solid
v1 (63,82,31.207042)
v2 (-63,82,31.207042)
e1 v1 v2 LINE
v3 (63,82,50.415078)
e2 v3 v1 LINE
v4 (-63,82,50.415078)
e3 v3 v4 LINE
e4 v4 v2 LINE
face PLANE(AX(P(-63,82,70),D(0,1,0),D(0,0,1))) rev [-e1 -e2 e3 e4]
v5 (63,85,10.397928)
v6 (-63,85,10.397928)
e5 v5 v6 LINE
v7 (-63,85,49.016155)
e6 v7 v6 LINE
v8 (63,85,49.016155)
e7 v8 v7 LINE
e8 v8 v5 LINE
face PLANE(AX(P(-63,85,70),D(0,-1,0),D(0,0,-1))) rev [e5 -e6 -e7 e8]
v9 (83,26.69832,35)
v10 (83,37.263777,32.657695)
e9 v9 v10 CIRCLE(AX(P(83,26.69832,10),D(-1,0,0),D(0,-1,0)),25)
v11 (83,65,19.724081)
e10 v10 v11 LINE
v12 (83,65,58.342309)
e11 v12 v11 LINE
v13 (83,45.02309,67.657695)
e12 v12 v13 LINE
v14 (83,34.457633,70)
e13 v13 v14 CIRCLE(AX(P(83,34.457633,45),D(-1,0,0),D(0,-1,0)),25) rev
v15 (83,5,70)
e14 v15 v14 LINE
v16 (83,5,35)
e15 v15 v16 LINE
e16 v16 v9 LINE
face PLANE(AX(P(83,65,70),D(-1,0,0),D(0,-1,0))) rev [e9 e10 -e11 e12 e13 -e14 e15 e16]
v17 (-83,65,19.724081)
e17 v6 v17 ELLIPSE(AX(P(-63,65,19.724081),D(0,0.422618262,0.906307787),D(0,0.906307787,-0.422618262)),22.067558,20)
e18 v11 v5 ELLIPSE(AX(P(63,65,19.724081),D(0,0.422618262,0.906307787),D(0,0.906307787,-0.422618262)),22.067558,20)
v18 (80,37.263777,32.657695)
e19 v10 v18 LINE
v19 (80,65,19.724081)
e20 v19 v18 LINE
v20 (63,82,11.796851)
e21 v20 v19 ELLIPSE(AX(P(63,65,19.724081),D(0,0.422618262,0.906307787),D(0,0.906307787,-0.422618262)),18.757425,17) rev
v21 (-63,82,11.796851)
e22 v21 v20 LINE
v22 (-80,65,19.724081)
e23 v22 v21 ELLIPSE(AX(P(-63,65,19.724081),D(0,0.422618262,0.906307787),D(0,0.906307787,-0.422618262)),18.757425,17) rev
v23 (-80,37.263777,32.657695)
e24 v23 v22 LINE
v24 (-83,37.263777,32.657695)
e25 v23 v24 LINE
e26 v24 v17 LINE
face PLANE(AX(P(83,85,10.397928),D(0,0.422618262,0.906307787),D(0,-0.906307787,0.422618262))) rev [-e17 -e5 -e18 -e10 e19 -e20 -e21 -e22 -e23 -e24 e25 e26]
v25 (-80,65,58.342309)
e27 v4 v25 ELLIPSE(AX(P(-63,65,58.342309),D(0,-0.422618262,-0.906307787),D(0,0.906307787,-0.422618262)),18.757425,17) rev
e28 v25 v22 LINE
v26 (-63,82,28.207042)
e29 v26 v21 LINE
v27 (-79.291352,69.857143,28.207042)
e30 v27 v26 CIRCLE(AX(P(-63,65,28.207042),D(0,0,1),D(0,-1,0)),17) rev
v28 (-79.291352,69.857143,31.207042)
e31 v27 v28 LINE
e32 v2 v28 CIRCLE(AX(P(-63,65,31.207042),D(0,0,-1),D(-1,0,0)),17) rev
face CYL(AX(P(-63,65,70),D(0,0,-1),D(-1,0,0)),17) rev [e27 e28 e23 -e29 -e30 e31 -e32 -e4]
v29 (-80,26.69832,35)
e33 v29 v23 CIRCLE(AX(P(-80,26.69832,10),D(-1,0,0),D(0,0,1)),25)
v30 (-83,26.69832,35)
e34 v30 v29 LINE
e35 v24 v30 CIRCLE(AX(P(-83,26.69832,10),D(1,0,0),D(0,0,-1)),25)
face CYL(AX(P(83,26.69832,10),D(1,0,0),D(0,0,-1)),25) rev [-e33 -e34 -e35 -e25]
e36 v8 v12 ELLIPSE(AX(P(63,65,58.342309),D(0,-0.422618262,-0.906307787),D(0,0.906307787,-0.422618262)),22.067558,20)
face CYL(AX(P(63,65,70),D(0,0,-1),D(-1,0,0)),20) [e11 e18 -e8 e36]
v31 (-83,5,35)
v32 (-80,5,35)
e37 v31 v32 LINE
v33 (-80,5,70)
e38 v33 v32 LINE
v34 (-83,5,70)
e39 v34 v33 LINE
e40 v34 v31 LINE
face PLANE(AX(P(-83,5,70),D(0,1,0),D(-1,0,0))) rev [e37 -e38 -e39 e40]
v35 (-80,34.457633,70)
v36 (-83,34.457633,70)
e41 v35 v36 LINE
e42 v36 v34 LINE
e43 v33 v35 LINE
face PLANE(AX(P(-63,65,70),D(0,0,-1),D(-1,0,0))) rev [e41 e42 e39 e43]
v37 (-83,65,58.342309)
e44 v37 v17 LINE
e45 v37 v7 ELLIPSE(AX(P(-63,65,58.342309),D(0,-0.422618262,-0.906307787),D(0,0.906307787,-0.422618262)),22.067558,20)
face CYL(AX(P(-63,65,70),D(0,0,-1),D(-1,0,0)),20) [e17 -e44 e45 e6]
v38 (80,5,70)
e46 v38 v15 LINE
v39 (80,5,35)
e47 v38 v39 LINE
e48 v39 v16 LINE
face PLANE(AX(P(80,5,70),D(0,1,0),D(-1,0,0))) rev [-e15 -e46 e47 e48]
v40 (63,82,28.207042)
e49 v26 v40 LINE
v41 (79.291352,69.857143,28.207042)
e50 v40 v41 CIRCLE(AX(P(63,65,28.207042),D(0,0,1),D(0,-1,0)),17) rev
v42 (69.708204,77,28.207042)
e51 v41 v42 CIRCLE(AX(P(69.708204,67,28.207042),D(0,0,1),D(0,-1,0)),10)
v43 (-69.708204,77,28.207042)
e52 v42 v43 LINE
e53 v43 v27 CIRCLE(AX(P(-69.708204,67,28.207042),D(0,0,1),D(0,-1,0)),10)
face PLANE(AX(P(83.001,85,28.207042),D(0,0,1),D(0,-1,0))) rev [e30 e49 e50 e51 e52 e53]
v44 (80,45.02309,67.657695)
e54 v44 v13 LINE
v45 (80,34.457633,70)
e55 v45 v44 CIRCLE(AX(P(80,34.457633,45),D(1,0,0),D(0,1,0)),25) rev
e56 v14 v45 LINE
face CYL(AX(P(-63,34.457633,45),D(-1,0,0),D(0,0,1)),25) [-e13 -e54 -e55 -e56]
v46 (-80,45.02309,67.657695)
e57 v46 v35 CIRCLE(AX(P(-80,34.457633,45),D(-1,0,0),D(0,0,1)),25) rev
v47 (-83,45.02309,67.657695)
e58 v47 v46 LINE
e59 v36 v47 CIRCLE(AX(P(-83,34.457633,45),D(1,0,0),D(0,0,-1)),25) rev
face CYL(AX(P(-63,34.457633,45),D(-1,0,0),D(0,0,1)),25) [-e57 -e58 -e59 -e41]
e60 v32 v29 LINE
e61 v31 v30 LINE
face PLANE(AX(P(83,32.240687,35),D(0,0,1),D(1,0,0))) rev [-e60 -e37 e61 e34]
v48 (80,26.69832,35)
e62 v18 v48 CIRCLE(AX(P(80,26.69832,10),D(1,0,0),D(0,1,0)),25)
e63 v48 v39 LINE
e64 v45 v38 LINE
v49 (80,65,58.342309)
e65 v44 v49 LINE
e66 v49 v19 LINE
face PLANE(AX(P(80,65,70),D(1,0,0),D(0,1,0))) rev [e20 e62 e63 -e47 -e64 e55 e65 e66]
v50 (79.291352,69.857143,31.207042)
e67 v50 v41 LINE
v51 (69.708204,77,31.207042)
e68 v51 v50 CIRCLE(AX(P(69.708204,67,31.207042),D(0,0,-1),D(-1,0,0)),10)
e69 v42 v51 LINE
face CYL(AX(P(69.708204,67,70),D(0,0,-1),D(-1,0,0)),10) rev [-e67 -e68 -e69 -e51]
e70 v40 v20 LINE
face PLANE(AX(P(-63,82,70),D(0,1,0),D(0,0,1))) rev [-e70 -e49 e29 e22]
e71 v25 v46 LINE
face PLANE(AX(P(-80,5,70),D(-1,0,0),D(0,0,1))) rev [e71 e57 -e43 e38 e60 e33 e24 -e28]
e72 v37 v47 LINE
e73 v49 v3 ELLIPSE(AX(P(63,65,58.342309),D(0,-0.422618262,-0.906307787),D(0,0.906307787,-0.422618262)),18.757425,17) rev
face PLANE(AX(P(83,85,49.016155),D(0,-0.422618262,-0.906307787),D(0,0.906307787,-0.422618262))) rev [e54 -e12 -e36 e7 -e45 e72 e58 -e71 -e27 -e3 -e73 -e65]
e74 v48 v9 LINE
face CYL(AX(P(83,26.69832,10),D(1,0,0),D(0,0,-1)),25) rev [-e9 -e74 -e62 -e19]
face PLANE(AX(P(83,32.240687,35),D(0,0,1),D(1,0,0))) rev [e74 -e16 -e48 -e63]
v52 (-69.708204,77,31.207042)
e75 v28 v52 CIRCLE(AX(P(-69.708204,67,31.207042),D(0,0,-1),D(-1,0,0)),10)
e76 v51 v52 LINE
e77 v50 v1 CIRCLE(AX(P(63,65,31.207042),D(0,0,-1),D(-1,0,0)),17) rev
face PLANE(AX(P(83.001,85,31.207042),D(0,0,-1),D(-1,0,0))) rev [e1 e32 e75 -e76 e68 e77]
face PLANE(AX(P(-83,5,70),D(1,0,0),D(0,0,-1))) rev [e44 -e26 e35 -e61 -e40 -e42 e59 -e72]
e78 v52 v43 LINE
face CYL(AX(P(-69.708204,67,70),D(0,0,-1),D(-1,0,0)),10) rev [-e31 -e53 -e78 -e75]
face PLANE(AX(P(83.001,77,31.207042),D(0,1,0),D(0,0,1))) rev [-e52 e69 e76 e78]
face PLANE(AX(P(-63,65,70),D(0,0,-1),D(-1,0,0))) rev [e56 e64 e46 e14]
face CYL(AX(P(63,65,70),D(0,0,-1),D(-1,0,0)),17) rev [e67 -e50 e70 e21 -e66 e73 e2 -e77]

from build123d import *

# Parameters (mm, degrees)
BOSS_EXTRUDE1_DEPTH             = 70
CUT_EXTRUDE1_DEPTH              = 200.200903612
FILLET1_R                       = 25
BOSS_EXTRUDE2_REACH             = 139.891
SKETCH3_W                       = 3
SKETCH3_H                       = 8
BOSS_EXTRUDE2_DIRECTION_2_REACH = 139.891
FILLET2_R                       = 10


with BuildPart() as part:
    # Sketch1 → Boss-Extrude1 (new body)
    with BuildSketch(Plane.XY):
        with BuildLine():
            Line((-83, 5), (-83, 65))
            ThreePointArc((-83, 65), (-77.142135624, 79.142135624), (-63, 85))
            Line((-63, 85), (63, 85))
            ThreePointArc((63, 85), (77.142135624, 79.142135624), (83, 65))
            Line((83, 65), (83, 5))
            Line((83, 5), (80, 5))
            Line((80, 5), (80, 65))
            ThreePointArc((80, 65), (75.02081528, 77.02081528), (63, 82))
            Line((63, 82), (-63, 82))
            ThreePointArc((-63, 82), (-75.02081528, 77.02081528), (-80, 65))
            Line((-80, 65), (-80, 5))
            Line((-80, 5), (-83, 5))
        make_face()
    extrude(amount=BOSS_EXTRUDE1_DEPTH)

    # Sketch2 → Cut-Extrude1 (cut, through all)
    with BuildSketch(Plane.ZY.offset(83)):
        Polygon((49.016155383, 85), (70, 40), (70, 85), align=None)
        Polygon((10.397928219, 85), (35, 32.240686807), (35, 4.870884332), (0, 4.870884332), (0, 85), align=None)
    extrude(amount=-CUT_EXTRUDE1_DEPTH, mode=Mode.SUBTRACT)

    # Fillet1
    fillet1_edges = [part.edges().sort_by_distance(p)[0] for p in [
        (-81.5, 40, 70),
        (81.5, 40, 70),
        (-81.5, 32.240686807, 35),
        (81.5, 32.240686807, 35),
    ]]
    fillet(fillet1_edges, radius=FILLET1_R)

    # Sketch3 → Boss-Extrude2 (add, up to next)
    with BuildSketch(Plane(origin=(0, 0, 0), x_dir=(0, 0, -1), z_dir=(1, 0, 0)), mode=Mode.PRIVATE) as boss_extrude2_sk1:
        with Locations((-29.707041801, 81)):
            Rectangle(SKETCH3_W, SKETCH3_H)
    boss_extrude2_tool1 = extrude(boss_extrude2_sk1.sketch, amount=BOSS_EXTRUDE2_REACH, mode=Mode.PRIVATE) - part.part
    add(boss_extrude2_tool1.solids().sort_by_distance((0, 81, 29.707042))[0])

    # Sketch3 → Boss-Extrude2 direction 2 (add, up to next)
    with BuildSketch(Plane(origin=(0, 0, 0), x_dir=(0, 0, -1), z_dir=(1, 0, 0)), mode=Mode.PRIVATE) as boss_extrude2_direction_2_sk1:
        with Locations((-29.707041801, 81)):
            Rectangle(SKETCH3_W, SKETCH3_H)
    boss_extrude2_direction_2_tool1 = extrude(boss_extrude2_direction_2_sk1.sketch, amount=-BOSS_EXTRUDE2_DIRECTION_2_REACH, mode=Mode.PRIVATE) - part.part
    add(boss_extrude2_direction_2_tool1.solids().sort_by_distance((0, 81, 29.707042))[0])

    # Fillet2
    fillet2_edges = [part.edges().sort_by_distance(p)[0] for p in [
        (-75.041594579, 77, 29.707041801),
        (75.041594579, 77, 29.707041801),
    ]]
    fillet(fillet2_edges, radius=FILLET2_R)


solid = part.part
